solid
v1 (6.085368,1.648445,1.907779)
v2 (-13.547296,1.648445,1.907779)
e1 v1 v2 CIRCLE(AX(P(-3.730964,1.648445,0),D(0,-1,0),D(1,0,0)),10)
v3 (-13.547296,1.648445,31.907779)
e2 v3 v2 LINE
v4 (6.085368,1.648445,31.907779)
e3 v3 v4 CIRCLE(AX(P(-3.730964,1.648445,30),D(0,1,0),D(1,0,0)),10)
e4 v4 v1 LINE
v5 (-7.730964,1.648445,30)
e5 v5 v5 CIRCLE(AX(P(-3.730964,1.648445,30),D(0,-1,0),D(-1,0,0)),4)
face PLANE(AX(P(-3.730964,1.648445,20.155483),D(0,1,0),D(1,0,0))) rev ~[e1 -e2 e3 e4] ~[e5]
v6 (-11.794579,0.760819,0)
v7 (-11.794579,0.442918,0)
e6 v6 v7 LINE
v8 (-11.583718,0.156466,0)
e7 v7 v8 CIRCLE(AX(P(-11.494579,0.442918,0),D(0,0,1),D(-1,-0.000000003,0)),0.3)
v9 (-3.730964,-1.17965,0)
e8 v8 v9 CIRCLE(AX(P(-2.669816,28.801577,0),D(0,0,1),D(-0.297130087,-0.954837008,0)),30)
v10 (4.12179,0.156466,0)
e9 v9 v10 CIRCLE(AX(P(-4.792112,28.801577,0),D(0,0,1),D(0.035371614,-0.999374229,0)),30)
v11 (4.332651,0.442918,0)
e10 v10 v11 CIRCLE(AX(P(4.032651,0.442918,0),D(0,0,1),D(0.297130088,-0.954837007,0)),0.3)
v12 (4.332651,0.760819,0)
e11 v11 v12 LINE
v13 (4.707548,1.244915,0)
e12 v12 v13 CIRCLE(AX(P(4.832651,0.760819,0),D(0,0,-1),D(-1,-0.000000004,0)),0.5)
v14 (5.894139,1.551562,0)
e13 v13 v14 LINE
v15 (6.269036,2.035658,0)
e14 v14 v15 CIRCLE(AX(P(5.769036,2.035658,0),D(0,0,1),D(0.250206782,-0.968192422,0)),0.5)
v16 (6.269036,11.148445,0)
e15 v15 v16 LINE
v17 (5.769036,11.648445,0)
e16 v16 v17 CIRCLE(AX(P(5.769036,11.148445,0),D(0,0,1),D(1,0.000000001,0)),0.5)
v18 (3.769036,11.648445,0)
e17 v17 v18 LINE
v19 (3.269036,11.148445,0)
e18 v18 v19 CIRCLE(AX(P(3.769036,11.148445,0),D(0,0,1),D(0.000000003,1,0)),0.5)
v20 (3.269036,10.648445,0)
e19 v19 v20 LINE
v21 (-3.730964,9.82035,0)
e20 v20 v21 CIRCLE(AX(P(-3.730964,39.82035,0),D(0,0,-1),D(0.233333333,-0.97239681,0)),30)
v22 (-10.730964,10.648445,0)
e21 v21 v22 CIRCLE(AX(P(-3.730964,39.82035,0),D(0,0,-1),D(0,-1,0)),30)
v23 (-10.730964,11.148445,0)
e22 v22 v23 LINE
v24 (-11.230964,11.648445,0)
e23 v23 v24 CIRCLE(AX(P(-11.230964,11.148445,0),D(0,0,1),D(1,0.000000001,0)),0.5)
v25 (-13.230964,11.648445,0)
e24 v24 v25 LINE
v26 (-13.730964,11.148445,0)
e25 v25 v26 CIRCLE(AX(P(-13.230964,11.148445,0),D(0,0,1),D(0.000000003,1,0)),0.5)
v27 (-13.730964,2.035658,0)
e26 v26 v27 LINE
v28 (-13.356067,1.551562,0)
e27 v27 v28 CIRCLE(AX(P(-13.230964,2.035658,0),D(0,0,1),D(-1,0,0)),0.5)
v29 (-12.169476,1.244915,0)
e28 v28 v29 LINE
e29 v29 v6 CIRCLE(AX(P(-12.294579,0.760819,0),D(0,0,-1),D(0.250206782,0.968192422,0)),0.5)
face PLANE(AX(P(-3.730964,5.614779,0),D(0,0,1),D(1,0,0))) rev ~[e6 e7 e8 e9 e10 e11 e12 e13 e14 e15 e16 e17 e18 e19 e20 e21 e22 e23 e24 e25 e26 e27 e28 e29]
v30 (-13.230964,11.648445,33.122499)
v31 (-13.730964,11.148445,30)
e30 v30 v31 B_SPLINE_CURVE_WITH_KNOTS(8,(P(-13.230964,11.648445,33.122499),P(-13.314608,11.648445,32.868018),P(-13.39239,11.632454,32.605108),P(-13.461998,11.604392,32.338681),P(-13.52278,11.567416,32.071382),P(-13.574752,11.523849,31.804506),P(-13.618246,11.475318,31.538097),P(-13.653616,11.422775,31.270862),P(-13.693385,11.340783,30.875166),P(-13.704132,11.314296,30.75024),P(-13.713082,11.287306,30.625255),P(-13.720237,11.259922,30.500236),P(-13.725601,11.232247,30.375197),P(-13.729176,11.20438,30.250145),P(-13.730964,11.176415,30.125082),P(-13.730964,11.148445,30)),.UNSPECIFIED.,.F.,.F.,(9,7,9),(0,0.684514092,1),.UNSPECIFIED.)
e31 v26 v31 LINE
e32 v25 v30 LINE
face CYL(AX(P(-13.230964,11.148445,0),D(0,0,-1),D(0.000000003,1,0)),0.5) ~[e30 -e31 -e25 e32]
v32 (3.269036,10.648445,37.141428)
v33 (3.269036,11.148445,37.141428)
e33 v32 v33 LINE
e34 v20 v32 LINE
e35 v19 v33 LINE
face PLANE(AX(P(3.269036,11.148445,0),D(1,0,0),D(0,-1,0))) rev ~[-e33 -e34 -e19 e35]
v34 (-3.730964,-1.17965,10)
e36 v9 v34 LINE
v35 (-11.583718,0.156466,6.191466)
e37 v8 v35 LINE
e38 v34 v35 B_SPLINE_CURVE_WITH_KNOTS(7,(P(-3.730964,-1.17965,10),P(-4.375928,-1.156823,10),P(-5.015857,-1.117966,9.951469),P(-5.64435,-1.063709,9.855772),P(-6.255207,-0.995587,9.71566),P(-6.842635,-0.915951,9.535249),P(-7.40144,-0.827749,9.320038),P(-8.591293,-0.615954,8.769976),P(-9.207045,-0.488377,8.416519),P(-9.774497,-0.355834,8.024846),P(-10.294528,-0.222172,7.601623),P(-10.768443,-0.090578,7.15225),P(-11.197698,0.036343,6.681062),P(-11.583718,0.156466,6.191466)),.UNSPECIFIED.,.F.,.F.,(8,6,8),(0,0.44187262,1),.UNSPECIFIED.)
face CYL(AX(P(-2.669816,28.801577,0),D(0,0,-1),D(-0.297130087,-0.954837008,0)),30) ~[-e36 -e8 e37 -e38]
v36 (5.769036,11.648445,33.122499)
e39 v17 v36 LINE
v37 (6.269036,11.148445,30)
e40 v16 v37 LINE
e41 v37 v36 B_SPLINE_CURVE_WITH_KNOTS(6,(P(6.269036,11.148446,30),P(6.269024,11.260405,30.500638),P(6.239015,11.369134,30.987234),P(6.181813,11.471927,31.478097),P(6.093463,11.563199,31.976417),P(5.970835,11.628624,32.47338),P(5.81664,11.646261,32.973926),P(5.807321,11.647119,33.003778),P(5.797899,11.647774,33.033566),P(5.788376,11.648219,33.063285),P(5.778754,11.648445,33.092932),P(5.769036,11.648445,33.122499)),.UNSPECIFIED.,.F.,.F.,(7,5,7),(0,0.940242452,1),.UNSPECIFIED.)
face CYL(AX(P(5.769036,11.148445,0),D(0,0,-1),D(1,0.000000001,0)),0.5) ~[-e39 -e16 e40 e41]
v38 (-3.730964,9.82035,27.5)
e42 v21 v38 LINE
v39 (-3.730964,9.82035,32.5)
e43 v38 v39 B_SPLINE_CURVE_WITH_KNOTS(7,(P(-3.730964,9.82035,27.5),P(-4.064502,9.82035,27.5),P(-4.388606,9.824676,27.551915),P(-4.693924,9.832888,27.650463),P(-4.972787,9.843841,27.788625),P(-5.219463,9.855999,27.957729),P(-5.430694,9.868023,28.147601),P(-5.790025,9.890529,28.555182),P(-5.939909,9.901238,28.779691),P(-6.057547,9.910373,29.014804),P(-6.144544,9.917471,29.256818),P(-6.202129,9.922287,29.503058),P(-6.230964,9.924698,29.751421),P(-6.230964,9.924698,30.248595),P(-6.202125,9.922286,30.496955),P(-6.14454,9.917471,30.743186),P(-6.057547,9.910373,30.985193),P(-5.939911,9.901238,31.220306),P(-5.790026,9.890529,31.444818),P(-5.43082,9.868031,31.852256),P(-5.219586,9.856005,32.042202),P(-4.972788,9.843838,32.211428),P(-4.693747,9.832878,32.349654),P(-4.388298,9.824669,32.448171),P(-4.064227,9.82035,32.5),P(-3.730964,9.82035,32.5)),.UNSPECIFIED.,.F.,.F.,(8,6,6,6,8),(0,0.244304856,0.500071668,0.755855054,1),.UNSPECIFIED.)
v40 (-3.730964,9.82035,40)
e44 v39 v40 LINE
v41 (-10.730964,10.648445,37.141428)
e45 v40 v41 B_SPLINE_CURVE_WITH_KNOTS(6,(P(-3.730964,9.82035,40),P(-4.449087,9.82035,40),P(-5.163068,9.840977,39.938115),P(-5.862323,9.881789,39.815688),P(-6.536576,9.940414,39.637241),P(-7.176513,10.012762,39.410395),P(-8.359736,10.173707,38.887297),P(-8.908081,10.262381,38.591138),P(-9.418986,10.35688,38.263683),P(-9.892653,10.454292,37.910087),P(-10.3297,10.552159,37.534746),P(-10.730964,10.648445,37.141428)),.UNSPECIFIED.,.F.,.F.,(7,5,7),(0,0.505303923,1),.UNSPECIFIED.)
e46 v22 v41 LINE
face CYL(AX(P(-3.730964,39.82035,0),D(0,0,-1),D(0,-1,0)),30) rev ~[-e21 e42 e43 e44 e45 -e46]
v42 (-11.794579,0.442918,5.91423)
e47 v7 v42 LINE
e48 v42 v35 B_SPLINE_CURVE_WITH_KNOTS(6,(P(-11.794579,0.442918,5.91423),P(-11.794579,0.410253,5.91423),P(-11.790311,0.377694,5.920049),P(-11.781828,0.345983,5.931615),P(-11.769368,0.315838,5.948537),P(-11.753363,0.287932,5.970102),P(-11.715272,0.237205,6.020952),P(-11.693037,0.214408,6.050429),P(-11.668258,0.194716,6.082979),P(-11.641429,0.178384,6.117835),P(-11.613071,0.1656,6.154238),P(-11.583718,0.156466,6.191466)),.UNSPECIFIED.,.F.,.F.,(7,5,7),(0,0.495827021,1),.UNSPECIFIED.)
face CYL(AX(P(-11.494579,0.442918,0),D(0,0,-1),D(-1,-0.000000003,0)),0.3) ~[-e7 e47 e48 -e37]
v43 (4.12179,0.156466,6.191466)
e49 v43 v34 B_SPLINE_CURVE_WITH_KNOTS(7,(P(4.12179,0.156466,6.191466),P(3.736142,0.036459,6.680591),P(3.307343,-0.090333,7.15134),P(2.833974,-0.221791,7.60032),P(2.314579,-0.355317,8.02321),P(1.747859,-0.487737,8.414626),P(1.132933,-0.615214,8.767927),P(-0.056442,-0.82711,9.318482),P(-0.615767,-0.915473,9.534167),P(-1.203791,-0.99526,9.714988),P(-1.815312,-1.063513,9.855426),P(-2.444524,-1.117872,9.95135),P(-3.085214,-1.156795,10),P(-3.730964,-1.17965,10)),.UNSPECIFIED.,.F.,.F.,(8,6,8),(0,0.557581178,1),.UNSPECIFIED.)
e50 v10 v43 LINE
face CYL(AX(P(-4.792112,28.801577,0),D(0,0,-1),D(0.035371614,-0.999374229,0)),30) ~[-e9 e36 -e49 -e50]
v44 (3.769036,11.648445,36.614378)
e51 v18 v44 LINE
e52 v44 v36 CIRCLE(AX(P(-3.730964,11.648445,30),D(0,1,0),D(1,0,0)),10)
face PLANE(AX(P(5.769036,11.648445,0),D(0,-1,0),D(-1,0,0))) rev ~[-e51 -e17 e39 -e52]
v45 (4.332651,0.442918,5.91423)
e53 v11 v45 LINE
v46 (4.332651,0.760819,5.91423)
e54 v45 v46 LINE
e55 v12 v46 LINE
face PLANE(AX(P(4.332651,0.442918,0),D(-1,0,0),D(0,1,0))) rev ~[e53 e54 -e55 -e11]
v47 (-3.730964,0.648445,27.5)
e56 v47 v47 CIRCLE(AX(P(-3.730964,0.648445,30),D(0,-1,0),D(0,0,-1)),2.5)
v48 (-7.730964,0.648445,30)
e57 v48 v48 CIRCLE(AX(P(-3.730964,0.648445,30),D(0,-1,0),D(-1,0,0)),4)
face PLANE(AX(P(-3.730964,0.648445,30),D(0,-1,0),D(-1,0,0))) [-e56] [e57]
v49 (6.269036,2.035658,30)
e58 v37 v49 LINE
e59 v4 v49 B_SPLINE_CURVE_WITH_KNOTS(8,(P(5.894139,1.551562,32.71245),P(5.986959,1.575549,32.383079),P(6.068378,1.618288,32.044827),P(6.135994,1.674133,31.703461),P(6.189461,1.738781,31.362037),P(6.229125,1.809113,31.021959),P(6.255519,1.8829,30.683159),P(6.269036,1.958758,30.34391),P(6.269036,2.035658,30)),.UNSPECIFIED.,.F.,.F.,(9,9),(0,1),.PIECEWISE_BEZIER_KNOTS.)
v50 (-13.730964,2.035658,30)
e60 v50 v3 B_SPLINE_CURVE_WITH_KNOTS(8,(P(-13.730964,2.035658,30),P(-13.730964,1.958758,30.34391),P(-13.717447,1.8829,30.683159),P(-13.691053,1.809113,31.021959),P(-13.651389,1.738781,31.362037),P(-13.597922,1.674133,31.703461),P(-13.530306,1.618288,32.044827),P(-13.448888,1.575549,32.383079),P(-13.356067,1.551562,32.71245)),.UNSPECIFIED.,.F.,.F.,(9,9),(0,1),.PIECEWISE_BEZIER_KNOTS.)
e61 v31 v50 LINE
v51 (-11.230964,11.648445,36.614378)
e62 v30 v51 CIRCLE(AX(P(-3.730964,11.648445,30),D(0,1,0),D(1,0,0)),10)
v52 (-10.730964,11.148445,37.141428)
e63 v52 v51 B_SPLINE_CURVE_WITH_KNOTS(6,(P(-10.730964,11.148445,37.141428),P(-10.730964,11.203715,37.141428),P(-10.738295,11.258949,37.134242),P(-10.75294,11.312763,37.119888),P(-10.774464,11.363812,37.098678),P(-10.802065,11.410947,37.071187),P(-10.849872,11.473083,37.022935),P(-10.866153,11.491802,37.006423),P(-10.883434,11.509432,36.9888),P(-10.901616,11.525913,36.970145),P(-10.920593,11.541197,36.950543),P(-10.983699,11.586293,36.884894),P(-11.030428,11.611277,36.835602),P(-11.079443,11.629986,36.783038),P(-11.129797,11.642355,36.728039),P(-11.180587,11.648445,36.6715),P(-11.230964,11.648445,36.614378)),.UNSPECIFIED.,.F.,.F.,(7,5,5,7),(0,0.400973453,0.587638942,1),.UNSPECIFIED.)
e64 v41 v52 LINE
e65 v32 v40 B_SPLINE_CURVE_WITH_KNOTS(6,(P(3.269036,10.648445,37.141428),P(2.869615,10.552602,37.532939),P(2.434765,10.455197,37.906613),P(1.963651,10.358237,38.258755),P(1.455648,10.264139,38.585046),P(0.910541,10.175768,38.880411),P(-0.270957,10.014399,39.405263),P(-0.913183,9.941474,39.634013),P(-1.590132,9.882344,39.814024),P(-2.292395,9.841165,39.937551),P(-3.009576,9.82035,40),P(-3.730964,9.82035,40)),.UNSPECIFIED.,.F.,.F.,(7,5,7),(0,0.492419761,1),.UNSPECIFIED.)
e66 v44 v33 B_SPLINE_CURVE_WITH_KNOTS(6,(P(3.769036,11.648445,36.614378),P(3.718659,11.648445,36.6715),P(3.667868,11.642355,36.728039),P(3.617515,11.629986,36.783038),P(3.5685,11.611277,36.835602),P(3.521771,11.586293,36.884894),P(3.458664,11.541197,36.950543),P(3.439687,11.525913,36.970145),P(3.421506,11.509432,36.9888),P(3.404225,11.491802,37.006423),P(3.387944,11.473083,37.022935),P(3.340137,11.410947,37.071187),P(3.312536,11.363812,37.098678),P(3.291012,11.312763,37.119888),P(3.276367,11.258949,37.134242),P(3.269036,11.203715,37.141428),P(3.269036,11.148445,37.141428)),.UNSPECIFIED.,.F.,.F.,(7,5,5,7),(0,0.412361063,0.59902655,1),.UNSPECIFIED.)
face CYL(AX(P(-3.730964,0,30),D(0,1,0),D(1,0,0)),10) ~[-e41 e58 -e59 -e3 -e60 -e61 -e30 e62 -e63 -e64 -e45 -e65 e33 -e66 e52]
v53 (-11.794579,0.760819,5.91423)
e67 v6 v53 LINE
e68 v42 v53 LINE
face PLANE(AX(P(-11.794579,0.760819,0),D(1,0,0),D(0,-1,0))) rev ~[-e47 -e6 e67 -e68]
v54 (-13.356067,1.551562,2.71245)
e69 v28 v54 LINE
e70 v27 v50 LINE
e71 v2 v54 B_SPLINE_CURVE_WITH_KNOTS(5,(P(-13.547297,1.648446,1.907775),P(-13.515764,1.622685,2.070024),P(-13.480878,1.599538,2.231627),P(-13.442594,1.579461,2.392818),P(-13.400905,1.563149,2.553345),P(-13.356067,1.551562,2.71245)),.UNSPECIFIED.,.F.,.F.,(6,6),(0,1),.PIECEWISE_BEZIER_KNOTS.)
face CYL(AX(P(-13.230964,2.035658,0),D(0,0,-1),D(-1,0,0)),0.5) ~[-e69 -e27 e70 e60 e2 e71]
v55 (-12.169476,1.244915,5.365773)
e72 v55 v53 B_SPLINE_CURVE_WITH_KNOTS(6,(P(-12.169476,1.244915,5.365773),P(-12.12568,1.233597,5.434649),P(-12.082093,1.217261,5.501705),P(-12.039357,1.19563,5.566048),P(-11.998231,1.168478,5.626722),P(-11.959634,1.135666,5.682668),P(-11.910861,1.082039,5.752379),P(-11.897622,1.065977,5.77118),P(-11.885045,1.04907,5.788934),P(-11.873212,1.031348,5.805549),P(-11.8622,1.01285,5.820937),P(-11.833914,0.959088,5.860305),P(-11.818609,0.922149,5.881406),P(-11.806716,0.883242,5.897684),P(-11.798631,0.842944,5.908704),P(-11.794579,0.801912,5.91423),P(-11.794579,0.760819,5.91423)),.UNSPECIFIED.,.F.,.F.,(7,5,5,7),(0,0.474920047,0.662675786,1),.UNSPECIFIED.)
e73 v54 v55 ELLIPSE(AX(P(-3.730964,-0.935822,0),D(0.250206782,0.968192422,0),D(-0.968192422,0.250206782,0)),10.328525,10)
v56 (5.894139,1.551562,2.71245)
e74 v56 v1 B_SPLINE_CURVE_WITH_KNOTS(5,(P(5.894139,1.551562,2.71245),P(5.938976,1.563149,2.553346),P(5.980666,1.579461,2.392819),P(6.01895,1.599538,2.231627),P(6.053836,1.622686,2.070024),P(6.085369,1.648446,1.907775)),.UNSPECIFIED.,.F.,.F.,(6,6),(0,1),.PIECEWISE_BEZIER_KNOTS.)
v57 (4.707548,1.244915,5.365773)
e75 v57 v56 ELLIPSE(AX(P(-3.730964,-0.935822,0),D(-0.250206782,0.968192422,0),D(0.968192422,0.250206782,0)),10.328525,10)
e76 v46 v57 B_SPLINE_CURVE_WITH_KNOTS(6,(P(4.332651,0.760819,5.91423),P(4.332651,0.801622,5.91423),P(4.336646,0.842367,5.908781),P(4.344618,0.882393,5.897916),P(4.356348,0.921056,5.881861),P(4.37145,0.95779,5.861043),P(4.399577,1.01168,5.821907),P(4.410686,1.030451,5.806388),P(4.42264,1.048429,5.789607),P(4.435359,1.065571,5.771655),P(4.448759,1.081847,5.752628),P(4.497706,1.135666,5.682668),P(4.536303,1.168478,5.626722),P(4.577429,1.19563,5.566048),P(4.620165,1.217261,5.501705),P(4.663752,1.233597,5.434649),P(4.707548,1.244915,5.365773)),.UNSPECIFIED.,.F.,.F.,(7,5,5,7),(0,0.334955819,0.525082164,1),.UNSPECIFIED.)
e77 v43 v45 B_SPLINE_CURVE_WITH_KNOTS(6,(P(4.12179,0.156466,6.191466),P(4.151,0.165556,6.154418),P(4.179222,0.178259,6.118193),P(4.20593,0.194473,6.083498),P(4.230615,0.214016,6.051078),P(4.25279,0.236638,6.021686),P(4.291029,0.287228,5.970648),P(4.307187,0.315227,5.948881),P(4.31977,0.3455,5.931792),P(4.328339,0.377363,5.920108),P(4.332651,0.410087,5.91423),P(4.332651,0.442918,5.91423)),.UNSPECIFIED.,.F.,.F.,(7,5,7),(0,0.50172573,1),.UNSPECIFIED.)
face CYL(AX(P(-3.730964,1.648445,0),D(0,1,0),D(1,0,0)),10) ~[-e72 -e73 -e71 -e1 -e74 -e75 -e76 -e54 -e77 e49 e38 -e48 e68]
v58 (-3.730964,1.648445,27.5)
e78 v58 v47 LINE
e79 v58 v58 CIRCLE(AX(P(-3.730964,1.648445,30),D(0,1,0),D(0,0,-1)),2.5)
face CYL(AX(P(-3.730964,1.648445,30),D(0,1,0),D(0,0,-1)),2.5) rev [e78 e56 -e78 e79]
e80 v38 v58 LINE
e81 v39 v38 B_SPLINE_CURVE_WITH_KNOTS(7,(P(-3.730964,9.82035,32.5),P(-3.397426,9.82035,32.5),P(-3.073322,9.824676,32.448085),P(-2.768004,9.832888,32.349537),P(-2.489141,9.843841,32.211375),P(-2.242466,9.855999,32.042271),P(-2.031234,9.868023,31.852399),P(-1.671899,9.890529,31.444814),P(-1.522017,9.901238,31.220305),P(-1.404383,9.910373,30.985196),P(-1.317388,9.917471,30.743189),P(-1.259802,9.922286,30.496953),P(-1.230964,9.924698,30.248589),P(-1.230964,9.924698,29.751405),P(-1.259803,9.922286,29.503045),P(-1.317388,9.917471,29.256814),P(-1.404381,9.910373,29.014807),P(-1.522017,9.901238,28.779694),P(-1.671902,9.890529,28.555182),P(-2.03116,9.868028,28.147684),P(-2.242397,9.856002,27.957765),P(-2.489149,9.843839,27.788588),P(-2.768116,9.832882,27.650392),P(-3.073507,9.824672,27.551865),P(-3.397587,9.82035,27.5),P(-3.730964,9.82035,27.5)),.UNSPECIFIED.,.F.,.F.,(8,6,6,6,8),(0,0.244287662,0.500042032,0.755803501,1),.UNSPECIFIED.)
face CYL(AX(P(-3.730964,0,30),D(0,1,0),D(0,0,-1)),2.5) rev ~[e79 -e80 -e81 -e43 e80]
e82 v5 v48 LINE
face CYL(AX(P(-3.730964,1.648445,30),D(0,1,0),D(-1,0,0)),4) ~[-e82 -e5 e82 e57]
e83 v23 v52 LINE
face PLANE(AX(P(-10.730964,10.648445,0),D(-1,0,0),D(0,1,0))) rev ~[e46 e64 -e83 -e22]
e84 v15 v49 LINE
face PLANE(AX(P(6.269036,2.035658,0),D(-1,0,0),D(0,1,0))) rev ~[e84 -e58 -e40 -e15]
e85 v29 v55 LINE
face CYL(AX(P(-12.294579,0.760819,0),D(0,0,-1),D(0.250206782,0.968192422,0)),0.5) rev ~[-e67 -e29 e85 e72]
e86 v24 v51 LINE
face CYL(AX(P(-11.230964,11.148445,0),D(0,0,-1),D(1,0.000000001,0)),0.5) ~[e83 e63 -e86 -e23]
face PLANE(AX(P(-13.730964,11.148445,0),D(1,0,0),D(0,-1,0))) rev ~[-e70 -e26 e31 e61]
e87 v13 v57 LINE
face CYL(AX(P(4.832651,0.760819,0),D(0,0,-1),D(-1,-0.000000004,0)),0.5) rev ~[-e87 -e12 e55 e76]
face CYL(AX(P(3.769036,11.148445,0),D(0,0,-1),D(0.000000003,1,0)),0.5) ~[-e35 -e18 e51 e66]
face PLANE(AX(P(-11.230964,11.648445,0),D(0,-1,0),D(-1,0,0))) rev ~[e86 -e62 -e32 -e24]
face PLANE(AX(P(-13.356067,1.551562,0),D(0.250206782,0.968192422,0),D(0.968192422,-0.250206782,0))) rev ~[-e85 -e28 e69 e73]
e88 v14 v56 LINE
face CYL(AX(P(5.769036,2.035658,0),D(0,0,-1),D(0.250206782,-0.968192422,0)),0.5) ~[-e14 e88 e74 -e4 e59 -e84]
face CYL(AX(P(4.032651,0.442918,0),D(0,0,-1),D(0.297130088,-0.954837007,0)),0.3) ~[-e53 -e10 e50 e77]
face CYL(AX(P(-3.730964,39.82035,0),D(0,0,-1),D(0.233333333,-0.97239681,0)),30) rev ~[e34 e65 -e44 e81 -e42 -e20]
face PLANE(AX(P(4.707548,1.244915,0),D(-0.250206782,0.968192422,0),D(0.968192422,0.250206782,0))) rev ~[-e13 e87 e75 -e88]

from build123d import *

# Parameters (mm, degrees)
SALIENTE_EXTRUIR1_DEPTH = 40
CROQUIS2_R              = 2.5
CORTAR_EXTRUIR1_DEPTH   = 22.5
CORTAR_EXTRUIR5_DEPTH   = 14
CROQUIS6_R              = 4
CROQUIS6_R_2            = 2.5
SALIENTE_EXTRUIR2_DEPTH = 1


with BuildPart() as part:
    # Croquis1 → Saliente-Extruir1 (new body)
    with BuildSketch(Plane.XY):
        with BuildLine():
            ThreePointArc((-13.23096405, 11.648445498), (-13.584517441, 11.501998889), (-13.73096405, 11.148445498))
            Line((-13.73096405, 11.148445498), (-13.73096405, 2.035658412))
            ThreePointArc((-13.73096405, 2.035658412), (-13.626281451, 1.729514406), (-13.356067441, 1.551562201))
            Line((-13.356067441, 1.551562201), (-12.169475815, 1.244915231))
            ThreePointArc((-12.169475815, 1.244915231), (-11.899261805, 1.066963026), (-11.794579206, 0.76081902))
            Line((-11.794579206, 0.76081902), (-11.794579206, 0.442917518))
            ThreePointArc((-11.794579206, 0.442917518), (-11.736179814, 0.265071669), (-11.583718232, 0.156466416))
            ThreePointArc((-11.583718232, 0.156466416), (-7.701884055, -0.773383829), (-3.73096405, -1.17965021))
            ThreePointArc((-3.73096405, -1.17965021), (0.239955955, -0.773383829), (4.121790132, 0.156466416))
            ThreePointArc((4.121790132, 0.156466416), (4.274251714, 0.265071669), (4.332651106, 0.442917518))
            Line((4.332651106, 0.442917518), (4.332651106, 0.76081902))
            ThreePointArc((4.332651106, 0.76081902), (4.437333704, 1.066963026), (4.707547715, 1.244915231))
            Line((4.707547715, 1.244915231), (5.894139341, 1.551562201))
            ThreePointArc((5.894139341, 1.551562201), (6.164353351, 1.729514406), (6.26903595, 2.035658412))
            Line((6.26903595, 2.035658412), (6.26903595, 11.148445498))
            ThreePointArc((6.26903595, 11.148445498), (6.12258934, 11.501998889), (5.76903595, 11.648445498))
            Line((5.76903595, 11.648445498), (3.76903595, 11.648445498))
            ThreePointArc((3.76903595, 11.648445498), (3.415482559, 11.501998889), (3.26903595, 11.148445498))
            Line((3.26903595, 11.148445498), (3.26903595, 10.648445498))
            ThreePointArc((3.26903595, 10.648445498), (-0.206558338, 10.028093004), (-3.73096405, 9.82034979))
            ThreePointArc((-3.73096405, 9.82034979), (-7.255369763, 10.028093004), (-10.73096405, 10.648445498))
            Line((-10.73096405, 10.648445498), (-10.73096405, 11.148445498))
            ThreePointArc((-10.73096405, 11.148445498), (-10.87741066, 11.501998889), (-11.23096405, 11.648445498))
            Line((-11.23096405, 11.648445498), (-13.23096405, 11.648445498))
        make_face()
    extrude(amount=SALIENTE_EXTRUIR1_DEPTH)

    # Croquis2 → Cortar-Extruir1 (cut, symmetric)
    with BuildSketch(Plane(origin=(0, 0, 0), x_dir=(1, 0, 0), z_dir=(0, 1, 0))):
        with Locations(Location((-3.73096405, -30, 0), (0, 0, 90))):
            Circle(CROQUIS2_R)
        with BuildLine():
            Line((-13.73096405, -30), (-13.73096405, -43.289358514))
            Line((-13.73096405, -43.289358514), (6.26903595, -43.289358514))
            Line((6.26903595, -43.289358514), (6.26903595, -30))
            ThreePointArc((6.26903595, -30), (-3.73096405, -40), (-13.73096405, -30))
        make_face()
    extrude(amount=CORTAR_EXTRUIR1_DEPTH, both=True, mode=Mode.SUBTRACT)

    # Croquis5 → Cortar-Extruir5 (cut)
    with BuildSketch(Plane(origin=(0, 1.648445498, 0), x_dir=(1, 0, 0), z_dir=(0, 1, 0))):
        with BuildLine():
            Line((-13.73096405, 0), (-13.73096405, -40.777418578))
            Line((-13.73096405, -40.777418578), (6.26903595, -40.777418578))
            Line((6.26903595, -40.777418578), (6.26903595, 0))
            ThreePointArc((6.26903595, 0), (-3.73096405, -10), (-13.73096405, 0))
        make_face()
    extrude(amount=-CORTAR_EXTRUIR5_DEPTH, mode=Mode.SUBTRACT)

    # Croquis6 → Saliente-Extruir2 (add)
    with BuildSketch(Plane.XZ.offset(-1.648445498)):
        with Locations(Location((-3.73096405, 30, 0), (0, 0, 180))):
            Circle(CROQUIS6_R)
        with Locations(Location((-3.73096405, 30, 0), (0, 0, 270))):
            Circle(CROQUIS6_R_2, mode=Mode.SUBTRACT)
    extrude(amount=SALIENTE_EXTRUIR2_DEPTH)


solid = part.part
